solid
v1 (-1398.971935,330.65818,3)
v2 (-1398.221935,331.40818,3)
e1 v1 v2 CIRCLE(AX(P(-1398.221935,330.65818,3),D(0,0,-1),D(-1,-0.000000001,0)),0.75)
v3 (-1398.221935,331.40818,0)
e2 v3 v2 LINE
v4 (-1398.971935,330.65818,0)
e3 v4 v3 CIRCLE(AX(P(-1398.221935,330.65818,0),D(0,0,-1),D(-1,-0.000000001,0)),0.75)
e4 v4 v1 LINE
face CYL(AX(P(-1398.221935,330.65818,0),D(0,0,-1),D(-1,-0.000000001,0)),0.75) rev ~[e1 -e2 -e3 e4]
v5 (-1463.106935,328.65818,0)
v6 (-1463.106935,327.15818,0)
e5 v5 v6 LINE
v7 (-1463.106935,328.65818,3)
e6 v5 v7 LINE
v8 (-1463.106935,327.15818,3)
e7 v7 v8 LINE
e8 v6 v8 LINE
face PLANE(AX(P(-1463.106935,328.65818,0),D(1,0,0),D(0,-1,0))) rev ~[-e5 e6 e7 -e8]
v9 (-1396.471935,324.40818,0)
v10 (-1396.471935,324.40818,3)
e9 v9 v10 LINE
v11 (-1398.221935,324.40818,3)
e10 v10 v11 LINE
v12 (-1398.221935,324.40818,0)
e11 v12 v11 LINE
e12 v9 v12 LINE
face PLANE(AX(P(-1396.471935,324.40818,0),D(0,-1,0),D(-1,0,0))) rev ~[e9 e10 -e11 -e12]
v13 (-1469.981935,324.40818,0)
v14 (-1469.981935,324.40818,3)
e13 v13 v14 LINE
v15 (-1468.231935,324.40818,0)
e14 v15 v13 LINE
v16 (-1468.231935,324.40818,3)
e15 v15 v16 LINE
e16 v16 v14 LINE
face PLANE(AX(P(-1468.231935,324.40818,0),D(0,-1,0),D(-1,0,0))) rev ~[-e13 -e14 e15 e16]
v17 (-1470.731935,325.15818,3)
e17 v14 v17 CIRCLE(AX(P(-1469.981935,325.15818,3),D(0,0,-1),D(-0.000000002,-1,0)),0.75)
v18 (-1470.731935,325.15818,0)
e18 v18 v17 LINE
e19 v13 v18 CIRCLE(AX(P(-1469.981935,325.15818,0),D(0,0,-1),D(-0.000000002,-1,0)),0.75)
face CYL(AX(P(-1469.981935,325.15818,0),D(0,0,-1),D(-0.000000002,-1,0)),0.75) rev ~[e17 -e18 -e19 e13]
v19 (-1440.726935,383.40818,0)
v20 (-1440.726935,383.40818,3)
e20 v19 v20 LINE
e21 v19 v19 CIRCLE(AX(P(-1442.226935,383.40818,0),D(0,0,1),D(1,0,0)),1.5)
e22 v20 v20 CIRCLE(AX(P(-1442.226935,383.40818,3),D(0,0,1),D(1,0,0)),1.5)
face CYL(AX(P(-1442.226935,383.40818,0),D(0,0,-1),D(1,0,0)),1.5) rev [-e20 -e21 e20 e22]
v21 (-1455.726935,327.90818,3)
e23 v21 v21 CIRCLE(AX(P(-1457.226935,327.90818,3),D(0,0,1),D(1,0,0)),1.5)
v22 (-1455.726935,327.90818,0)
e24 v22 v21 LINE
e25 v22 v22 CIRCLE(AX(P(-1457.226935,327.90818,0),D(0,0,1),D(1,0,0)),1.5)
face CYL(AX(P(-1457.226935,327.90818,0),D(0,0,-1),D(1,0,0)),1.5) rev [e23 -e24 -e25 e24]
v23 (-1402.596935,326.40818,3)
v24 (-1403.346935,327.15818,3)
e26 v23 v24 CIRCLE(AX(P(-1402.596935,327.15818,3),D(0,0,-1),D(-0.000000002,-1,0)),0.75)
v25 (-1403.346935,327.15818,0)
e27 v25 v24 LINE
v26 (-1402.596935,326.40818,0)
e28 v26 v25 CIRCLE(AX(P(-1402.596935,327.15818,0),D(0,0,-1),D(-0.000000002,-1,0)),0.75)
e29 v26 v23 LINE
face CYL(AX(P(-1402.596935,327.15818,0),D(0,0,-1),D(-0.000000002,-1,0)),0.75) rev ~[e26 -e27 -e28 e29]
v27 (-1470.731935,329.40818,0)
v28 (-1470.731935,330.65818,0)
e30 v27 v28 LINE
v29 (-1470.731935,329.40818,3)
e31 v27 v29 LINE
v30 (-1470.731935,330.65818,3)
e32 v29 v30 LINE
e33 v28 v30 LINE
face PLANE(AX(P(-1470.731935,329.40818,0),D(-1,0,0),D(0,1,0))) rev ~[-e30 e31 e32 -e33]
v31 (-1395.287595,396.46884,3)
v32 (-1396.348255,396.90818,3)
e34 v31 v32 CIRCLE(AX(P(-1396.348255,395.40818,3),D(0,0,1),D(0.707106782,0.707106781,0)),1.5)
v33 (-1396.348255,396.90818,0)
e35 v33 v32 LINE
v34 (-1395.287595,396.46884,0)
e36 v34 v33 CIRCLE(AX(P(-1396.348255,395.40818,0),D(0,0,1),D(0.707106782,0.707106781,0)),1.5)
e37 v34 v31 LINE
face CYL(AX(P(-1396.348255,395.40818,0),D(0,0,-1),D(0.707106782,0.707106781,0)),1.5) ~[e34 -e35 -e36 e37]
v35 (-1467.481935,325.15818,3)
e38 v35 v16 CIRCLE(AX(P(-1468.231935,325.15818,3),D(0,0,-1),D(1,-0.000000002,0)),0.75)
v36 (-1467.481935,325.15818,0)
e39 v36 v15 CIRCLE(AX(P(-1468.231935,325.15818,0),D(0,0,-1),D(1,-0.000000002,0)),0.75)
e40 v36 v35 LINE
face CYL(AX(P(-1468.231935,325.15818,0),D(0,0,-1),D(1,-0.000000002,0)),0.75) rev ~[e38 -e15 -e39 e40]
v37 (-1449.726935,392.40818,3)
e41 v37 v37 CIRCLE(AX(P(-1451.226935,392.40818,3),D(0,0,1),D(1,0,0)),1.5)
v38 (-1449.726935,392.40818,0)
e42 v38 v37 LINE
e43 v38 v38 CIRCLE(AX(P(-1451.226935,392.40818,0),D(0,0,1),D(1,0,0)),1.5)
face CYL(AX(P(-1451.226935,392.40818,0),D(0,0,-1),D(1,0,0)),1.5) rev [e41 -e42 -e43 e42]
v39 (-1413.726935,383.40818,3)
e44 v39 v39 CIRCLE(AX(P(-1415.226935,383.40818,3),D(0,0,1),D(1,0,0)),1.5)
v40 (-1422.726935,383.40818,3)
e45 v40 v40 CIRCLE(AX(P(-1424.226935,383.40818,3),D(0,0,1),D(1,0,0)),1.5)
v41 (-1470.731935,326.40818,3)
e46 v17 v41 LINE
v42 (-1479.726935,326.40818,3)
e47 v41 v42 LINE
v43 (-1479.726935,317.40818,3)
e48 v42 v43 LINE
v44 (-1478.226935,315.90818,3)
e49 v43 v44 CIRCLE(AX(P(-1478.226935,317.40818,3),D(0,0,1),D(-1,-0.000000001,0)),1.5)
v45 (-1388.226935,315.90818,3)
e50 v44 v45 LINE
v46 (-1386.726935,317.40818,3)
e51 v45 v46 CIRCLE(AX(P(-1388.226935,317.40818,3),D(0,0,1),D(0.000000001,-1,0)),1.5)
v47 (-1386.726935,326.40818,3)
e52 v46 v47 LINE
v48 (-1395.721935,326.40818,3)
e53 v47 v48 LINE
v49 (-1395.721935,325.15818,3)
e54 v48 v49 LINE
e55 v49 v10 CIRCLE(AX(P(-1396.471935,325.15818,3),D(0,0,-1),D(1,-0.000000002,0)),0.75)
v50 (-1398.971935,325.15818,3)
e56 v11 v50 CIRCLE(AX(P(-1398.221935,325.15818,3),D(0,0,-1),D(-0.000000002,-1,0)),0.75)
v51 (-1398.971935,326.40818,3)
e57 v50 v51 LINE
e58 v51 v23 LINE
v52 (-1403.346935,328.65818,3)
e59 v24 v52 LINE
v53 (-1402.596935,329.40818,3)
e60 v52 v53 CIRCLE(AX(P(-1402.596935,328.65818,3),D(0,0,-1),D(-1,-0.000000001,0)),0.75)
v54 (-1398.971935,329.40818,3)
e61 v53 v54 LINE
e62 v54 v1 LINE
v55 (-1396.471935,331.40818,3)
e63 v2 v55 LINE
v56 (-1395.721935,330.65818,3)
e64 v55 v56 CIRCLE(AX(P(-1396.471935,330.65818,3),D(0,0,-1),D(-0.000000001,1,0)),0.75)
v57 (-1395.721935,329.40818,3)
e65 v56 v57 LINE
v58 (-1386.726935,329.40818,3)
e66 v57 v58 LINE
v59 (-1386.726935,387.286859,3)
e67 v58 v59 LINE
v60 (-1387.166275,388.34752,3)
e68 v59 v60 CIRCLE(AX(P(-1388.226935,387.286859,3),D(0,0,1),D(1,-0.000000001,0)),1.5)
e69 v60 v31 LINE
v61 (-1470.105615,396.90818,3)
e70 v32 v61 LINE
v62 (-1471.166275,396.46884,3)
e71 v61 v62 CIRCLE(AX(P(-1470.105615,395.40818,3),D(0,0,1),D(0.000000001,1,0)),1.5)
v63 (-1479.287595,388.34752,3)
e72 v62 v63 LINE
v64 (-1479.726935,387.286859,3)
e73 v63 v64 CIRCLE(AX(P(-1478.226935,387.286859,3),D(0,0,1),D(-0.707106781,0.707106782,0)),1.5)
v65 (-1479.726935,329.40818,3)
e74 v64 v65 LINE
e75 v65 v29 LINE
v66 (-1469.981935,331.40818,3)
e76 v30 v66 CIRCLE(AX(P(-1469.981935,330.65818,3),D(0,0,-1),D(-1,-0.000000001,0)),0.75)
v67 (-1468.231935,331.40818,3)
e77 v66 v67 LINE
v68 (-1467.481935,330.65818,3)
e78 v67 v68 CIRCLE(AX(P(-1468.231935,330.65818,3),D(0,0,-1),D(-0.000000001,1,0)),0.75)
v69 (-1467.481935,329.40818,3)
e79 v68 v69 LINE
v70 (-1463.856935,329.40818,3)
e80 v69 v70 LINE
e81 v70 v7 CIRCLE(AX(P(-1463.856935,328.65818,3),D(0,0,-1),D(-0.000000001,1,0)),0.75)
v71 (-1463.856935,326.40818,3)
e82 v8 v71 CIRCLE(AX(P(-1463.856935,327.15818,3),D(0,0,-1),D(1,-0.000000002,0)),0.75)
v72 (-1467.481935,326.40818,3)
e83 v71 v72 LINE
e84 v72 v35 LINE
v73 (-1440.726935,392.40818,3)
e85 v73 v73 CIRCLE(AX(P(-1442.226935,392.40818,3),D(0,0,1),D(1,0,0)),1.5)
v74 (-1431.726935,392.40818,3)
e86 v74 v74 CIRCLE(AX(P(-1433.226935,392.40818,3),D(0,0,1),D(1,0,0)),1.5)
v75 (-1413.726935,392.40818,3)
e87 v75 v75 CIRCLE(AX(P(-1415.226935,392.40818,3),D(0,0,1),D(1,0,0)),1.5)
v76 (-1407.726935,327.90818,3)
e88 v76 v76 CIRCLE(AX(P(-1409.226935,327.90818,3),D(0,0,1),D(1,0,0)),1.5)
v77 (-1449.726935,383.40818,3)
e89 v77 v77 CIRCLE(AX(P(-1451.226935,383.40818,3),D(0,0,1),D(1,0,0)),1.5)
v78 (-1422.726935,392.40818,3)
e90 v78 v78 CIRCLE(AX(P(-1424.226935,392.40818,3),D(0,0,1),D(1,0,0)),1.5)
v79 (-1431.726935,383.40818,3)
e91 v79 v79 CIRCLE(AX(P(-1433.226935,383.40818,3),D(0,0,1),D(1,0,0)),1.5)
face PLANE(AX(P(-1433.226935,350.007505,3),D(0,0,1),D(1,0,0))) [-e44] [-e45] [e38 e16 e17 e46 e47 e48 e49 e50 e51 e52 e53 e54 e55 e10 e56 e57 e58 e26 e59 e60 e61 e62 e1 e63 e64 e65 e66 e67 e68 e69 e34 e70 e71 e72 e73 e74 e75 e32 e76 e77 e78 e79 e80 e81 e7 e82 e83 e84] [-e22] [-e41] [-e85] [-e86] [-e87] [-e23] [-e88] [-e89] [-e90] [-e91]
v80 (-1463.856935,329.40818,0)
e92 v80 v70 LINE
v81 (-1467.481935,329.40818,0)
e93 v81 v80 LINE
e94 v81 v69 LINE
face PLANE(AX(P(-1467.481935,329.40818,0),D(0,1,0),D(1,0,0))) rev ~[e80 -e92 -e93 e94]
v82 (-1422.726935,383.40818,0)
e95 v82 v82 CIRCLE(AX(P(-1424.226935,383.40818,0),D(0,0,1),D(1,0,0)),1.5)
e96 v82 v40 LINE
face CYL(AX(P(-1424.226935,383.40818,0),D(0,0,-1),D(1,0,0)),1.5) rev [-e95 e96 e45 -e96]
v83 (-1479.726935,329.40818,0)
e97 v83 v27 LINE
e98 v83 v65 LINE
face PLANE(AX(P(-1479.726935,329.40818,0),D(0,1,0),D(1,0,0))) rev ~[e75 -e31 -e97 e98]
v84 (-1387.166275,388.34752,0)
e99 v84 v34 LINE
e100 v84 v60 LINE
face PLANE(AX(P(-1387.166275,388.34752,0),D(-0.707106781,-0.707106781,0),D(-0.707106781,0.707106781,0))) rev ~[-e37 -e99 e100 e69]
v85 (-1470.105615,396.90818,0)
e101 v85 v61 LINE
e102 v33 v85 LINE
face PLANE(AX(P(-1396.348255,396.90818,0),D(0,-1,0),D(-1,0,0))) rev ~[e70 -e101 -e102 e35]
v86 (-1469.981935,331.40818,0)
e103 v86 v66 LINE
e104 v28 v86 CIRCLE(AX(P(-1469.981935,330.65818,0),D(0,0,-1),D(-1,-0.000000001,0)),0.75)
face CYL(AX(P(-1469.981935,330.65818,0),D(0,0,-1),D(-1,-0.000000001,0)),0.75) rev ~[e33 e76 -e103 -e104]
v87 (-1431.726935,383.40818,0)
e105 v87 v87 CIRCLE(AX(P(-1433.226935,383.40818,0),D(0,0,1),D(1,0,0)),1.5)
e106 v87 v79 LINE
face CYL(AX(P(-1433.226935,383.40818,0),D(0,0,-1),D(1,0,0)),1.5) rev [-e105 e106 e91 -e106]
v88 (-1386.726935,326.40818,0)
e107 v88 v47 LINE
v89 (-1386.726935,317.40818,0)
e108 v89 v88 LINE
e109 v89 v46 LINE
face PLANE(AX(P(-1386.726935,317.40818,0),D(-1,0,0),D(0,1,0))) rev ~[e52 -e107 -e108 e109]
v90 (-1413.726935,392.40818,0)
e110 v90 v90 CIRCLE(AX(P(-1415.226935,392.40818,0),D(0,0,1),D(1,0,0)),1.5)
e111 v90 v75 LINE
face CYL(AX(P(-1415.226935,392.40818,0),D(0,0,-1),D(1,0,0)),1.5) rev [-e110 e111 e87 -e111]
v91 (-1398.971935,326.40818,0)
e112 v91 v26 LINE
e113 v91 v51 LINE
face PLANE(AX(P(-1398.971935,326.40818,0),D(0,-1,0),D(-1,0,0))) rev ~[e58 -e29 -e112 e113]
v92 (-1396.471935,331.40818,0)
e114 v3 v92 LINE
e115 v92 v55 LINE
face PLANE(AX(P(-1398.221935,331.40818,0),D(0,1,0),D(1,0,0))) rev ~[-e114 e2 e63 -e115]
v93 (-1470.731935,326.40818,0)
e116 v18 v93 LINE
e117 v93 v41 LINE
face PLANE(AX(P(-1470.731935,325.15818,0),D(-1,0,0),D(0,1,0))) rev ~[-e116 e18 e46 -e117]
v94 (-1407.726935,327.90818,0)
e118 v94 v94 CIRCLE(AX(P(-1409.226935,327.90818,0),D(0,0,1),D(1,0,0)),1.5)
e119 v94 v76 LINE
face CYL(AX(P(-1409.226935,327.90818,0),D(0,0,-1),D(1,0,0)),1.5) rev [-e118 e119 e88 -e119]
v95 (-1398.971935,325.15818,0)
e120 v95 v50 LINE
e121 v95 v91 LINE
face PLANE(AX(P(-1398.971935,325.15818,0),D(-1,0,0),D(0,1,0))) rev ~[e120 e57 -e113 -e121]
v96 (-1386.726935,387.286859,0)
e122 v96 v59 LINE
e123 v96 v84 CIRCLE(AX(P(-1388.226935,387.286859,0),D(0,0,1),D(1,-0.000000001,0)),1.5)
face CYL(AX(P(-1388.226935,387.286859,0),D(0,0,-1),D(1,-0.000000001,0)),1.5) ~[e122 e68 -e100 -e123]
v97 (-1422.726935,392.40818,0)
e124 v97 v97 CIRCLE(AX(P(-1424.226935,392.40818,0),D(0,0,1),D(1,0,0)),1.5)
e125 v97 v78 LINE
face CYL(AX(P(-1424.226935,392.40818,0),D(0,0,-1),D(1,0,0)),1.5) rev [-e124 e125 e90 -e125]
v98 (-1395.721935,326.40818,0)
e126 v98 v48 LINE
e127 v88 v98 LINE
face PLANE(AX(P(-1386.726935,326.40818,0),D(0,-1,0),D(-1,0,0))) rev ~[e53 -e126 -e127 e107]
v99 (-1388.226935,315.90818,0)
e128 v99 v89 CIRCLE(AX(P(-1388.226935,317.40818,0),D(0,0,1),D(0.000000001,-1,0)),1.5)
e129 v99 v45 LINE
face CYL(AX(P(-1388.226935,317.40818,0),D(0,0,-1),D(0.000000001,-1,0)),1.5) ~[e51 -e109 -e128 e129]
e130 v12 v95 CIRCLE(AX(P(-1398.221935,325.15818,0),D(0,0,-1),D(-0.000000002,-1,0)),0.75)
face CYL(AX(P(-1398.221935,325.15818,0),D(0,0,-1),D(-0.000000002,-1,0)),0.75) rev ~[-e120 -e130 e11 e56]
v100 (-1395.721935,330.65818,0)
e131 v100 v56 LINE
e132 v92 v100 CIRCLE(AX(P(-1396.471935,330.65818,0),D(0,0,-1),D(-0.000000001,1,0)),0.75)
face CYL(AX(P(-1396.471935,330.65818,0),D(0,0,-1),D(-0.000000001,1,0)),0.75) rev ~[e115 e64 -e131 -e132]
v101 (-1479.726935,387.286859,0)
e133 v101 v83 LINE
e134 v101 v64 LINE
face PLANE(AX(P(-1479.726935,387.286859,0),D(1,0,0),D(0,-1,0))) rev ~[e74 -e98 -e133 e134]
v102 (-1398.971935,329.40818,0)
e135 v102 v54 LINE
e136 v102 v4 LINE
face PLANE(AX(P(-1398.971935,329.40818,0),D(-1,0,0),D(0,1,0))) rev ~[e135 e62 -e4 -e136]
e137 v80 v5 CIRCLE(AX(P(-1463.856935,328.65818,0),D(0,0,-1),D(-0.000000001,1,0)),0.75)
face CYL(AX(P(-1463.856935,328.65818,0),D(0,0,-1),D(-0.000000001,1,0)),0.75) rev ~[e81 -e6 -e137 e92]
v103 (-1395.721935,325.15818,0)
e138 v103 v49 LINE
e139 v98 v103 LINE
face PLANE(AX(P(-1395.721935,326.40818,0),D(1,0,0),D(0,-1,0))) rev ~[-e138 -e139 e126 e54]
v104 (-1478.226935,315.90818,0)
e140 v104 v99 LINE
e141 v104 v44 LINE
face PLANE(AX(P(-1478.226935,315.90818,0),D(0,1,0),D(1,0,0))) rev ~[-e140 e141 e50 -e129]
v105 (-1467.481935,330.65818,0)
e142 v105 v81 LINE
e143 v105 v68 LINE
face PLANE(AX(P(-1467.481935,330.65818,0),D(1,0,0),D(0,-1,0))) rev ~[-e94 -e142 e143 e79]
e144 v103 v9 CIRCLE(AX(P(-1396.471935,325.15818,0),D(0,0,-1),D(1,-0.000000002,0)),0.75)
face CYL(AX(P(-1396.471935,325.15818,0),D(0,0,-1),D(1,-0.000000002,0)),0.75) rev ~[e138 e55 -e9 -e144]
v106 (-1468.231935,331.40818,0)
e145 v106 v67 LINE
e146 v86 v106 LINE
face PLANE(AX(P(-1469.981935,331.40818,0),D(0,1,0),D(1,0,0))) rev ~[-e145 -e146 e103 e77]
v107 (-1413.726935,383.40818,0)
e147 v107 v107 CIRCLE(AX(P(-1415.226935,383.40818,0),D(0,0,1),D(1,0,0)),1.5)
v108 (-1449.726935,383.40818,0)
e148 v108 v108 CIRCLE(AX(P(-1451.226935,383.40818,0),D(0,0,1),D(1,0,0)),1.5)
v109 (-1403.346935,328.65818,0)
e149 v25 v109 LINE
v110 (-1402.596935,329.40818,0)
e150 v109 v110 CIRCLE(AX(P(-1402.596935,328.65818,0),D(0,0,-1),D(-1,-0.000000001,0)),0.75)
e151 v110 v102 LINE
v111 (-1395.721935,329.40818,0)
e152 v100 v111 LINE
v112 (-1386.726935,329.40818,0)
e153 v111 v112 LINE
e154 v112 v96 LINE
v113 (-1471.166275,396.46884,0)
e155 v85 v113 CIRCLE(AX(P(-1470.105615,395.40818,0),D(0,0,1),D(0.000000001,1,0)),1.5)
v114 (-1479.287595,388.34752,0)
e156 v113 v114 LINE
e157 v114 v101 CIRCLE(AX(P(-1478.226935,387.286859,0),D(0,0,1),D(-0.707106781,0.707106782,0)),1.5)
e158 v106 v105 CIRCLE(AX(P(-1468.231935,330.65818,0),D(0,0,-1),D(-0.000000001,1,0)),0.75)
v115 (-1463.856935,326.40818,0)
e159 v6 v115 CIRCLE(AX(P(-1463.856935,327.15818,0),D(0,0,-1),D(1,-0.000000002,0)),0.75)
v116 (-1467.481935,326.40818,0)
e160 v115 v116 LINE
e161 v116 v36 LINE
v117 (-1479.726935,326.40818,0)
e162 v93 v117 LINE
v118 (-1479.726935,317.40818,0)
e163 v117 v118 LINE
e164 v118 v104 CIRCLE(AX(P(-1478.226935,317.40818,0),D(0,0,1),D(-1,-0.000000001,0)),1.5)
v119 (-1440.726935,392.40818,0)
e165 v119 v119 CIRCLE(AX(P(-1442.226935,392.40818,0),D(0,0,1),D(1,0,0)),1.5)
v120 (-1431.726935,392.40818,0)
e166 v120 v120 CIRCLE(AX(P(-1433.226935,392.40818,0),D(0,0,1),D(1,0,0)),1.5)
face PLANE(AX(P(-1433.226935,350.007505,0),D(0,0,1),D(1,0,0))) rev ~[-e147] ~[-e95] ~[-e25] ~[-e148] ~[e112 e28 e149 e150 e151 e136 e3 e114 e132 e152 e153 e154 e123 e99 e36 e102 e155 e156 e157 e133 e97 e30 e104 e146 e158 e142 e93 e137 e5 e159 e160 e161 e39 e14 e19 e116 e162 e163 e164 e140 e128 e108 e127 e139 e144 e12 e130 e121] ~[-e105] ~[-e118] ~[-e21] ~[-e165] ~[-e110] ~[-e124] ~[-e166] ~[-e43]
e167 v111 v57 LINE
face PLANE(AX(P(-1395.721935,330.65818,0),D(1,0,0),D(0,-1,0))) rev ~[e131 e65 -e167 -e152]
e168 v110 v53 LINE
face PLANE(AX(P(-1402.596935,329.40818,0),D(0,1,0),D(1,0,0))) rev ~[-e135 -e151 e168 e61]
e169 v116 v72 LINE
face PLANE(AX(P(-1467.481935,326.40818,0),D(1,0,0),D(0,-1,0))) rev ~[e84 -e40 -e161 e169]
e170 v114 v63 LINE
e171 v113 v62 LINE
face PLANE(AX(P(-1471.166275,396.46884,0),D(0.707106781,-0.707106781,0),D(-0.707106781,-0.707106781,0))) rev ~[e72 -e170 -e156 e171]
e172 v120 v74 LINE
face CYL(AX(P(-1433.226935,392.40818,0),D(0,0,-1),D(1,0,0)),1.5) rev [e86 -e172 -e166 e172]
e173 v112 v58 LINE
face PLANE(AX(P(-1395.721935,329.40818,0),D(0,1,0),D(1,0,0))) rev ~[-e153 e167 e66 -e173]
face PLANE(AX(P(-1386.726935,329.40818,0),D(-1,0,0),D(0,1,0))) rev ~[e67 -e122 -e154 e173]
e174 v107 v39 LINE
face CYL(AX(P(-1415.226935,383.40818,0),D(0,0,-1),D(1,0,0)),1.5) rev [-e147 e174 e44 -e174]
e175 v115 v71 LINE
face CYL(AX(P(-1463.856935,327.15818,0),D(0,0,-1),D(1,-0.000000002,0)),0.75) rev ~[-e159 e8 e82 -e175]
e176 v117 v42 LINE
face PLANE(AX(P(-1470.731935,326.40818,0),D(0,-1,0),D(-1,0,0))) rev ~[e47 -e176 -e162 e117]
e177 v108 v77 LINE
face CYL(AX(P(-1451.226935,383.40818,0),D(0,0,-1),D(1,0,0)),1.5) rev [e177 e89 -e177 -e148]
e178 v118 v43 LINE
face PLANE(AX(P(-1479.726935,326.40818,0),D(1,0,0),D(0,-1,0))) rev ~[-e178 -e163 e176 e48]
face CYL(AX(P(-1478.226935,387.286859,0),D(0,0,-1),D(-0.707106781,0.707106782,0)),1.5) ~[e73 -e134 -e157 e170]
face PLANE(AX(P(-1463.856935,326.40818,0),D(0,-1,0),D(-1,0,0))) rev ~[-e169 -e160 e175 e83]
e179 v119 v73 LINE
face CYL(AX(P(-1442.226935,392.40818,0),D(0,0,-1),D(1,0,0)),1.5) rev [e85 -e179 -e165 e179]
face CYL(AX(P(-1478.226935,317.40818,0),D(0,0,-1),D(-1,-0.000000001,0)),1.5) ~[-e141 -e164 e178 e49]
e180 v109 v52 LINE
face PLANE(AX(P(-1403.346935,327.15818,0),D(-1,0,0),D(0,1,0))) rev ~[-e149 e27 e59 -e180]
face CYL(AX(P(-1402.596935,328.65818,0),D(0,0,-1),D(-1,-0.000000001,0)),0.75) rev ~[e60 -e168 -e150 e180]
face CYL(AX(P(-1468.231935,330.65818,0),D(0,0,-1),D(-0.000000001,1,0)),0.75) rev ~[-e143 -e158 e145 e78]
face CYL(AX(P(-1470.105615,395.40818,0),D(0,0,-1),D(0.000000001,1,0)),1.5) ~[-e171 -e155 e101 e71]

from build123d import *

# Parameters (mm, degrees)
MODEL_R                 = 1.5
SALIENTE_EXTRUIR1_DEPTH = 3


with BuildPart() as part:
    # Model → Saliente-Extruir1 (new body)
    with BuildSketch(Plane.XY):
        with BuildLine():
            Line((-1396.348255289, 396.908179756), (-1470.105614602, 396.908179756))
            ThreePointArc((-1470.105614602, 396.908179756), (-1470.679639751, 396.793999055), (-1471.166274774, 396.468839928))
            Line((-1471.166274774, 396.468839928), (-1479.287595118, 388.347519585))
            ThreePointArc((-1479.287595118, 388.347519585), (-1479.612754245, 387.860884562), (-1479.726934946, 387.286859413))
            Line((-1479.726934946, 387.286859413), (-1479.726934946, 329.408179756))
            Line((-1479.726934946, 329.408179756), (-1470.731934946, 329.408179756))
            Line((-1470.731934946, 329.408179756), (-1470.731934946, 330.658179756))
            ThreePointArc((-1470.731934946, 330.658179756), (-1470.512265032, 331.188509842), (-1469.981934946, 331.408179756))
            Line((-1469.981934946, 331.408179756), (-1468.231934946, 331.408179756))
            ThreePointArc((-1468.231934946, 331.408179756), (-1467.70160486, 331.188509842), (-1467.481934946, 330.658179756))
            Line((-1467.481934946, 330.658179756), (-1467.481934946, 329.408179756))
            Line((-1467.481934946, 329.408179756), (-1463.856934946, 329.408179756))
            ThreePointArc((-1463.856934946, 329.408179756), (-1463.32660486, 329.188509842), (-1463.106934946, 328.658179756))
            Line((-1463.106934946, 328.658179756), (-1463.106934946, 327.158179756))
            ThreePointArc((-1463.106934946, 327.158179756), (-1463.32660486, 326.627849671), (-1463.856934946, 326.408179756))
            Line((-1463.856934946, 326.408179756), (-1467.481934946, 326.408179756))
            Line((-1467.481934946, 326.408179756), (-1467.481934946, 325.158179756))
            ThreePointArc((-1467.481934946, 325.158179756), (-1467.70160486, 324.627849671), (-1468.231934946, 324.408179756))
            Line((-1468.231934946, 324.408179756), (-1469.981934946, 324.408179756))
            ThreePointArc((-1469.981934946, 324.408179756), (-1470.512265032, 324.627849671), (-1470.731934946, 325.158179756))
            Line((-1470.731934946, 325.158179756), (-1470.731934946, 326.408179756))
            Line((-1470.731934946, 326.408179756), (-1479.726934946, 326.408179756))
            Line((-1479.726934946, 326.408179756), (-1479.726934946, 317.408179756))
            ThreePointArc((-1479.726934946, 317.408179756), (-1479.287595118, 316.347519585), (-1478.226934946, 315.908179756))
            Line((-1478.226934946, 315.908179756), (-1388.226934946, 315.908179756))
            ThreePointArc((-1388.226934946, 315.908179756), (-1387.166274774, 316.347519585), (-1386.726934946, 317.408179756))
            Line((-1386.726934946, 317.408179756), (-1386.726934946, 326.408179756))
            Line((-1386.726934946, 326.408179756), (-1395.721934946, 326.408179756))
            Line((-1395.721934946, 326.408179756), (-1395.721934946, 325.158179756))
            ThreePointArc((-1395.721934946, 325.158179756), (-1395.94160486, 324.627849671), (-1396.471934946, 324.408179756))
            Line((-1396.471934946, 324.408179756), (-1398.221934946, 324.408179756))
            ThreePointArc((-1398.221934946, 324.408179756), (-1398.752265032, 324.627849671), (-1398.971934946, 325.158179756))
            Line((-1398.971934946, 325.158179756), (-1398.971934946, 326.408179756))
            Line((-1398.971934946, 326.408179756), (-1402.596934946, 326.408179756))
            ThreePointArc((-1402.596934946, 326.408179756), (-1403.127265032, 326.627849671), (-1403.346934946, 327.158179756))
            Line((-1403.346934946, 327.158179756), (-1403.346934946, 328.658179756))
            ThreePointArc((-1403.346934946, 328.658179756), (-1403.127265032, 329.188509842), (-1402.596934946, 329.408179756))
            Line((-1402.596934946, 329.408179756), (-1398.971934946, 329.408179756))
            Line((-1398.971934946, 329.408179756), (-1398.971934946, 330.658179756))
            ThreePointArc((-1398.971934946, 330.658179756), (-1398.752265032, 331.188509842), (-1398.221934946, 331.408179756))
            Line((-1398.221934946, 331.408179756), (-1396.471934946, 331.408179756))
            ThreePointArc((-1396.471934946, 331.408179756), (-1395.94160486, 331.188509842), (-1395.721934946, 330.658179756))
            Line((-1395.721934946, 330.658179756), (-1395.721934946, 329.408179756))
            Line((-1395.721934946, 329.408179756), (-1386.726934946, 329.408179756))
            Line((-1386.726934946, 329.408179756), (-1386.726934946, 387.286859413))
            ThreePointArc((-1386.726934946, 387.286859413), (-1386.841115647, 387.860884562), (-1387.166274774, 388.347519585))
            Line((-1387.166274774, 388.347519585), (-1395.287595118, 396.468839928))
            ThreePointArc((-1395.287595118, 396.468839928), (-1395.774230141, 396.793999055), (-1396.348255289, 396.908179756))
        make_face()
        with Locations((-1433.226934946, 392.408179756)):
            Circle(MODEL_R, mode=Mode.SUBTRACT)
        with Locations((-1451.226934946, 392.408179756)):
            Circle(MODEL_R, mode=Mode.SUBTRACT)
        with Locations((-1442.226934946, 392.408179756)):
            Circle(MODEL_R, mode=Mode.SUBTRACT)
        with Locations((-1442.226934946, 383.408179756)):
            Circle(MODEL_R, mode=Mode.SUBTRACT)
        with Locations((-1433.226934946, 383.408179756)):
            Circle(MODEL_R, mode=Mode.SUBTRACT)
        with Locations((-1451.226934946, 383.408179756)):
            Circle(MODEL_R, mode=Mode.SUBTRACT)
        with Locations((-1424.226934946, 392.408179756)):
            Circle(MODEL_R, mode=Mode.SUBTRACT)
        with Locations((-1415.226934946, 392.408179756)):
            Circle(MODEL_R, mode=Mode.SUBTRACT)
        with Locations((-1424.226934946, 383.408179756)):
            Circle(MODEL_R, mode=Mode.SUBTRACT)
        with Locations((-1457.226934946, 327.908179756)):
            Circle(MODEL_R, mode=Mode.SUBTRACT)
        with Locations((-1409.226934946, 327.908179756)):
            Circle(MODEL_R, mode=Mode.SUBTRACT)
        with Locations((-1415.226934946, 383.408179756)):
            Circle(MODEL_R, mode=Mode.SUBTRACT)
    extrude(amount=SALIENTE_EXTRUIR1_DEPTH)


solid = part.part
